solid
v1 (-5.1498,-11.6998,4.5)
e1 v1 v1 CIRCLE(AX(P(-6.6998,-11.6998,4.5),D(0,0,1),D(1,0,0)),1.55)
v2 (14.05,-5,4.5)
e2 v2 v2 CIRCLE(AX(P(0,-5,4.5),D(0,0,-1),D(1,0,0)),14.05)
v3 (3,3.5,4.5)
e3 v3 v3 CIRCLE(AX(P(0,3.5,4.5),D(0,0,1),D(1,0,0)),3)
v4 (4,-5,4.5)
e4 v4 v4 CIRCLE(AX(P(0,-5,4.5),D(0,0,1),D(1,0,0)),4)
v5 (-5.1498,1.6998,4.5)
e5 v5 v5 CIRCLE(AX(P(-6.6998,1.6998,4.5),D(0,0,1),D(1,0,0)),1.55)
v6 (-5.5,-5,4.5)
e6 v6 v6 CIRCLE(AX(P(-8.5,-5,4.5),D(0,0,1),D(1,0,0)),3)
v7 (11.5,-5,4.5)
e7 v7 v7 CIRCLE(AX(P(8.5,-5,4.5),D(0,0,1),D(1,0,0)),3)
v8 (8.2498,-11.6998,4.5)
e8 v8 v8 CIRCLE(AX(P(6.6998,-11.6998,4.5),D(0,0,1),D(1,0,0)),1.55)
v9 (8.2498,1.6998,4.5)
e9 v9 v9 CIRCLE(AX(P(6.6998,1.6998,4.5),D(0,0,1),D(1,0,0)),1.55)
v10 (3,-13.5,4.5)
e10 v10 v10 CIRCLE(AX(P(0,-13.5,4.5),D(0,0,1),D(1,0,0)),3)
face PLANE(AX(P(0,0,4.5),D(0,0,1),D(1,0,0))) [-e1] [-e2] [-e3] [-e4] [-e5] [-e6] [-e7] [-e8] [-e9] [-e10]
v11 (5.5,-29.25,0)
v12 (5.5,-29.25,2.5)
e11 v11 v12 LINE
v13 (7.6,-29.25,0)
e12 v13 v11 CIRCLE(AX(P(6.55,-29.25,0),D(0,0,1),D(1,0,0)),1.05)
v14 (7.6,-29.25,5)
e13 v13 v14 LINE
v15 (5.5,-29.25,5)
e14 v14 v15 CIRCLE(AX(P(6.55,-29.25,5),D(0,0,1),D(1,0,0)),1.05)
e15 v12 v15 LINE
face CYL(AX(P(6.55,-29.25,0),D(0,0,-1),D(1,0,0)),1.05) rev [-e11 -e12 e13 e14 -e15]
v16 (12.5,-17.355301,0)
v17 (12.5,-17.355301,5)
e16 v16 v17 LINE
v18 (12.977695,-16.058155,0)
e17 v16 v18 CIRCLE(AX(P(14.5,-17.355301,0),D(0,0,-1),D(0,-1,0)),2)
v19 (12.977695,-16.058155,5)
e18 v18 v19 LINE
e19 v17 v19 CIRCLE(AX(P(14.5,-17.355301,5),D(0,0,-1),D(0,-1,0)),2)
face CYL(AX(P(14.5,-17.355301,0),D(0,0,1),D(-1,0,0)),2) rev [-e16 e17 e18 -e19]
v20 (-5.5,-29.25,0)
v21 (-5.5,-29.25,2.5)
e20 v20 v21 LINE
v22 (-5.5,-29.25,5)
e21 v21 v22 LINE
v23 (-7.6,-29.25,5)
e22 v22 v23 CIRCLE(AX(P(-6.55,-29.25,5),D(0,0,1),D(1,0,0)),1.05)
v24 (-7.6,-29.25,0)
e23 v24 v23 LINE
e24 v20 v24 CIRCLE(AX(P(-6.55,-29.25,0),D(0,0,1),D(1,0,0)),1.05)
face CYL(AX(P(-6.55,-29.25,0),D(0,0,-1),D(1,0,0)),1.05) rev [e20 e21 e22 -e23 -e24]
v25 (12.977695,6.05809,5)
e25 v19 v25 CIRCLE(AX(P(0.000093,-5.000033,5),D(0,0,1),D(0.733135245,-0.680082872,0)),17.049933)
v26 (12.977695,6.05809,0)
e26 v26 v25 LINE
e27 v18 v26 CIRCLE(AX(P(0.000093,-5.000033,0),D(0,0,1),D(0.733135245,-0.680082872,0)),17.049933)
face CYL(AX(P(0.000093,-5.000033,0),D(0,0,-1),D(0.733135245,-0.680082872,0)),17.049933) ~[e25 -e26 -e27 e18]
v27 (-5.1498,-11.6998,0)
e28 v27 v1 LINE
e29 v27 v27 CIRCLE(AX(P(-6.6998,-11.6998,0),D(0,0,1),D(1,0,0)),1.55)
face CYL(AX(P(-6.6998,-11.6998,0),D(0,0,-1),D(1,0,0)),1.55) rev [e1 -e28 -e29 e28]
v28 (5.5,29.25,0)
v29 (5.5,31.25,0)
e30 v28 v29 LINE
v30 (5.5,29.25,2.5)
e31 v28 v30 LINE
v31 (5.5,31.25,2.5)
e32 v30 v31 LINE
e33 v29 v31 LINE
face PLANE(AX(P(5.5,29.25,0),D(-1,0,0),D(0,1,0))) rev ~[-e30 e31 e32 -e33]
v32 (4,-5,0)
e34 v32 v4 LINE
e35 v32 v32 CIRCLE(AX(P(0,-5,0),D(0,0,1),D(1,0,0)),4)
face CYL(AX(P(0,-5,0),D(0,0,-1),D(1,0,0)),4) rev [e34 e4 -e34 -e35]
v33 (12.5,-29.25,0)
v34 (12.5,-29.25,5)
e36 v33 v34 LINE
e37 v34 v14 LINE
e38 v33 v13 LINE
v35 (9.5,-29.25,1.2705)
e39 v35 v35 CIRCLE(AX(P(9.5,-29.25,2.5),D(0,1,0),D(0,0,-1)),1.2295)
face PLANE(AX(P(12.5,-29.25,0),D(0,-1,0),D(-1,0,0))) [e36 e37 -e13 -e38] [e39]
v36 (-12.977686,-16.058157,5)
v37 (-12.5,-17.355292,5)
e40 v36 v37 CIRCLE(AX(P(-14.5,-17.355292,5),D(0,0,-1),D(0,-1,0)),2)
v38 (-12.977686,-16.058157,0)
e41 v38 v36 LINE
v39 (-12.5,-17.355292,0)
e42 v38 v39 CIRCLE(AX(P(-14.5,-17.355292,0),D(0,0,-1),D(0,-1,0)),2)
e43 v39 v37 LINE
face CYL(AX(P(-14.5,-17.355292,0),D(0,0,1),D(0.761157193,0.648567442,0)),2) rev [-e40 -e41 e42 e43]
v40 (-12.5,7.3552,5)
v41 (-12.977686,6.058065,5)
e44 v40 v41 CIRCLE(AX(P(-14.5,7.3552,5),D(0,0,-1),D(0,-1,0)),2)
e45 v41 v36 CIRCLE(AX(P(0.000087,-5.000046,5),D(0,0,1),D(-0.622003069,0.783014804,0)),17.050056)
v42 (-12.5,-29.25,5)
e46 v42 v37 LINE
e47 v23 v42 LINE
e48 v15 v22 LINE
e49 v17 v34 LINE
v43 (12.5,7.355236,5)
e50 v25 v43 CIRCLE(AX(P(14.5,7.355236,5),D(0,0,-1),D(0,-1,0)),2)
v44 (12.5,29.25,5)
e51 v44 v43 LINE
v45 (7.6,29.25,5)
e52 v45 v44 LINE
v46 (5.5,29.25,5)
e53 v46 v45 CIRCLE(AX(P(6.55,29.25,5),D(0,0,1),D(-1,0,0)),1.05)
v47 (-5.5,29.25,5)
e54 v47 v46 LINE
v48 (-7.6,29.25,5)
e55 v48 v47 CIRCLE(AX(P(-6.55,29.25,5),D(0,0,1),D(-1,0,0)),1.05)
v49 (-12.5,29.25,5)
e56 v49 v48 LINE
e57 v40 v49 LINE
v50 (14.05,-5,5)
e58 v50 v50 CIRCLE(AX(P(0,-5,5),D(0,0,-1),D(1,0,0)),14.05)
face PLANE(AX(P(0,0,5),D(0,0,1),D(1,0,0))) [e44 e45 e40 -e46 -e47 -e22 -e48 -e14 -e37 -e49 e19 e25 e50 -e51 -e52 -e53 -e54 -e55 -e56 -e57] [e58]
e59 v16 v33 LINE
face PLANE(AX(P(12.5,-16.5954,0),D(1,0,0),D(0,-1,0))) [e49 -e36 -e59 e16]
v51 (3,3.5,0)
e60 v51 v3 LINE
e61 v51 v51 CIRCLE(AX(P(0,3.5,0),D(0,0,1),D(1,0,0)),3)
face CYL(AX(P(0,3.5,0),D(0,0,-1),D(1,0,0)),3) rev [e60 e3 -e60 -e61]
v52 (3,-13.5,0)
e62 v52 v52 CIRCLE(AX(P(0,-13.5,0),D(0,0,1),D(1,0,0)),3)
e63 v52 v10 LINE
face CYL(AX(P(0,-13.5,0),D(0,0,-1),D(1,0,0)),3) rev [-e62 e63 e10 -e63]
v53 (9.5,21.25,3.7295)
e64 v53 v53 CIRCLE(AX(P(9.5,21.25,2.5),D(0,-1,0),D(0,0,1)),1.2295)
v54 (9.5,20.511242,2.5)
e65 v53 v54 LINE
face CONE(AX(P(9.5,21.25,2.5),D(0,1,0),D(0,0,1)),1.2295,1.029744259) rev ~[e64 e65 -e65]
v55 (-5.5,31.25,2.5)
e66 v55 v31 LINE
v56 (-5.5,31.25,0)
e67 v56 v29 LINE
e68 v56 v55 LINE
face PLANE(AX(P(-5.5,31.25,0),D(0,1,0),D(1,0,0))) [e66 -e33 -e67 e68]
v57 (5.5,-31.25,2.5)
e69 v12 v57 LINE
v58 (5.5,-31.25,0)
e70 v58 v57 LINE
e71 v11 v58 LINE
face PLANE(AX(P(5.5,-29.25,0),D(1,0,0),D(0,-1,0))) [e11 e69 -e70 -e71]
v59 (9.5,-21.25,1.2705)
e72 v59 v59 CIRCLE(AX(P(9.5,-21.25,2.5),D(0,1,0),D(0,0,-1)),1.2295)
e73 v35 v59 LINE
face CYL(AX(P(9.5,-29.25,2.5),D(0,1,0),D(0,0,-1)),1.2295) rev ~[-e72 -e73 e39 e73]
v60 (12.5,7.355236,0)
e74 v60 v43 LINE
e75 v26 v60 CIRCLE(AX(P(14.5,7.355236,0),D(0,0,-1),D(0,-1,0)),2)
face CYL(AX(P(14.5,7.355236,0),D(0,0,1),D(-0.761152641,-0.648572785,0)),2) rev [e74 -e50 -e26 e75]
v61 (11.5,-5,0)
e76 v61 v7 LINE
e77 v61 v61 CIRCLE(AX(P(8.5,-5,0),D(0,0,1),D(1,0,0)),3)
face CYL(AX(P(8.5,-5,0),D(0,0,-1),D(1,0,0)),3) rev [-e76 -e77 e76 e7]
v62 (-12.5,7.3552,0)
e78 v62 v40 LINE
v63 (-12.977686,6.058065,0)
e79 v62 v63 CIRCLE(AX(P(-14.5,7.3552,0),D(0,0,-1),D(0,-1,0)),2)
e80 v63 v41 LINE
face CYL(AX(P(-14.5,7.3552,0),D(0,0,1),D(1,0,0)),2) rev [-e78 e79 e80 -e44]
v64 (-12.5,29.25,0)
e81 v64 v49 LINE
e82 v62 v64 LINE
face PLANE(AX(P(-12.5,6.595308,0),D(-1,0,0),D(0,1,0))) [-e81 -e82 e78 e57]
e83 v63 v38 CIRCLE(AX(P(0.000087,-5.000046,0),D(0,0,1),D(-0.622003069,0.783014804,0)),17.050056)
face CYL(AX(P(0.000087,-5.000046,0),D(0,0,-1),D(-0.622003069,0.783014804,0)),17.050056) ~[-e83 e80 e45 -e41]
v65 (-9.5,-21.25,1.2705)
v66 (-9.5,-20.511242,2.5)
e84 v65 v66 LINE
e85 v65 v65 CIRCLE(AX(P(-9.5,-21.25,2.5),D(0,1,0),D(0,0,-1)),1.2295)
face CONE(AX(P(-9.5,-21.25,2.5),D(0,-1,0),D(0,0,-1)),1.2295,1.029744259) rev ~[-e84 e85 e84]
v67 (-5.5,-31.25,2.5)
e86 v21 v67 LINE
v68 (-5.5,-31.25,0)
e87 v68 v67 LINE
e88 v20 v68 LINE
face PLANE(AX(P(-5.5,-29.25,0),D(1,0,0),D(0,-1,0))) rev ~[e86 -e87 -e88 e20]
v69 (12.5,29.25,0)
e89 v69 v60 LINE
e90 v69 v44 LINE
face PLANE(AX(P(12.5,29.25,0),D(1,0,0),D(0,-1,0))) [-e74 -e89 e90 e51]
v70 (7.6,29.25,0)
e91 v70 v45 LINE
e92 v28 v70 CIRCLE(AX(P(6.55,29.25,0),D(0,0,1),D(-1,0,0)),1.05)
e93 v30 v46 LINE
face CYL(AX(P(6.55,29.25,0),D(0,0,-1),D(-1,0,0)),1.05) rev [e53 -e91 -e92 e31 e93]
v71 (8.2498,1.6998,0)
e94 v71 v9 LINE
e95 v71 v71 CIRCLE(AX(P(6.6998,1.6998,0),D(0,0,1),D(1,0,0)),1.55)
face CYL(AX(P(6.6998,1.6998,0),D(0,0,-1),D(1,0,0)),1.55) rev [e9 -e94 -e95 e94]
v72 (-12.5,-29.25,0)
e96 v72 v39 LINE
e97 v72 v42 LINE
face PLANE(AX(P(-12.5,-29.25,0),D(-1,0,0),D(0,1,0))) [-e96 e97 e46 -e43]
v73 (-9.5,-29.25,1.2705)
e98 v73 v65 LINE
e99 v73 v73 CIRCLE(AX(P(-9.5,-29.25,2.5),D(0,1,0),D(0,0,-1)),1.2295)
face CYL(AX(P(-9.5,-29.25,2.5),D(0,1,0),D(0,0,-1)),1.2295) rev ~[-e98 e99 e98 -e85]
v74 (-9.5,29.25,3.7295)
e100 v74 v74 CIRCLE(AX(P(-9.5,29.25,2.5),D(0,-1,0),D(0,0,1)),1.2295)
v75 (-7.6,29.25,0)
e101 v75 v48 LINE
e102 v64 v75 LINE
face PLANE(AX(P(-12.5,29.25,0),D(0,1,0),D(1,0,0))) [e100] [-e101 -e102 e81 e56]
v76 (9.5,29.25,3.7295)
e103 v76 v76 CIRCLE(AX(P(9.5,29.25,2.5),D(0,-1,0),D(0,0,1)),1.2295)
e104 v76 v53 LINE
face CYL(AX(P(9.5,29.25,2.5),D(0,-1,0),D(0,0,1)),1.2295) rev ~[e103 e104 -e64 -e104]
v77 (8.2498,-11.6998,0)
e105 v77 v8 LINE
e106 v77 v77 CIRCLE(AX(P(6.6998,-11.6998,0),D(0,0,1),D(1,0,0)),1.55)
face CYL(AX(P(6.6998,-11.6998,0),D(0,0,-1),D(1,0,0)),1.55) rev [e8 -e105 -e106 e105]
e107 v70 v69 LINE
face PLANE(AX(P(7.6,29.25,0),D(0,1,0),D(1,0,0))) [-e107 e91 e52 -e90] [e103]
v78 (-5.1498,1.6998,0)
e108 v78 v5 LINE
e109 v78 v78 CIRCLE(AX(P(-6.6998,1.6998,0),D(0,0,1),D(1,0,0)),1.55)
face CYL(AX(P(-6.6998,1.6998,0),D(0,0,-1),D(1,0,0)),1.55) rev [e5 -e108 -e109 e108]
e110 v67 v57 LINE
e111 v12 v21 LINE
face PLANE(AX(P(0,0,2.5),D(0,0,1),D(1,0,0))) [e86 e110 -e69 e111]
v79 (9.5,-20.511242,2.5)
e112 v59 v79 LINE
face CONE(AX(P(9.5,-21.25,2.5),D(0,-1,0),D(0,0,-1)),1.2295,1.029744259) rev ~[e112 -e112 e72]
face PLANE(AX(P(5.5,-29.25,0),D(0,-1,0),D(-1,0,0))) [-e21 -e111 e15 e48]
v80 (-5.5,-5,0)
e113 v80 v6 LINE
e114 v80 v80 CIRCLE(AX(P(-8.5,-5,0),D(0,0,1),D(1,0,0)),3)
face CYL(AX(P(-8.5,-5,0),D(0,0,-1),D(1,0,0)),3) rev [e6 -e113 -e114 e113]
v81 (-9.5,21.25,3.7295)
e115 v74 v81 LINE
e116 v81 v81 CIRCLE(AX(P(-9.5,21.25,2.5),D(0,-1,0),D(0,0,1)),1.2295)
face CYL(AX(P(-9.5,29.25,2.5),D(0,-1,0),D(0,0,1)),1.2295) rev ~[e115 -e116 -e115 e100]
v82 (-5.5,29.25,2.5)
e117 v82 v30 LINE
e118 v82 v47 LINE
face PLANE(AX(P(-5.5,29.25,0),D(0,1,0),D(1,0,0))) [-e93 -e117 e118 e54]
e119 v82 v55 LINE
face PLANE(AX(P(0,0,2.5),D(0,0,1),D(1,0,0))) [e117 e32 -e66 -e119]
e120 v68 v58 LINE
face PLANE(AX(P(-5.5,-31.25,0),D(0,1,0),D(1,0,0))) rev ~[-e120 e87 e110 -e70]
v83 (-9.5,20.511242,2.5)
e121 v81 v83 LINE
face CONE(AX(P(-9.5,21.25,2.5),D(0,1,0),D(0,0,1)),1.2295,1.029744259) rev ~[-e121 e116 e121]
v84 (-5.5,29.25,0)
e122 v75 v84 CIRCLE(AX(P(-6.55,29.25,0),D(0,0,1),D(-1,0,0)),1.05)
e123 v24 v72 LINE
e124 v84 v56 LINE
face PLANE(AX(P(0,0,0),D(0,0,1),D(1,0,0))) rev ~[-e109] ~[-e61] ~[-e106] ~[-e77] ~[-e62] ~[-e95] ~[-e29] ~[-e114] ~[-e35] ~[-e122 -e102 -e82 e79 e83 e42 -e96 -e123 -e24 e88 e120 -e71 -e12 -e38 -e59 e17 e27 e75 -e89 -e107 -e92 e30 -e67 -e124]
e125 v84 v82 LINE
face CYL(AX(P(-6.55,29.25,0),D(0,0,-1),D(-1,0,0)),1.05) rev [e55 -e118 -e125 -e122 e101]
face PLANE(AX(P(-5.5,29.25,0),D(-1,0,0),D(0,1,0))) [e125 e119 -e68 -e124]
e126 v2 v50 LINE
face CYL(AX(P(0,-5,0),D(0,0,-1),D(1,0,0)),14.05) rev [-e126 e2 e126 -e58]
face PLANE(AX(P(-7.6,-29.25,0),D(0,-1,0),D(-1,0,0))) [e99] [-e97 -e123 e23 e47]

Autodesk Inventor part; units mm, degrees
ref_plane "YZ Plane" through (0, 0, 0) normal (1, 0, 0) x (0, 1, 0)
ref_plane "XZ Plane" through (0, 0, 0) normal (0, 1, 0) x (-1, 0, 0)
ref_plane "XY Plane" through (0, 0, 0) normal (0, 0, 1) x (1, 0, 0)
sketch "スケッチ1" plane through (0, 0, 0) normal (0, 0, 1) x (1, 0, 0)
  line L0 (-12.5, 29.25) -> (12.5, 29.25)
  line L1 (12.5, 29.25) -> (12.5, -29.25)
  line L2 (12.5, -29.25) -> (-12.5, -29.25)
  line L3 (-12.5, -29.25) -> (-12.5, 29.25)
  line L4 (-12.5, 29.25) -> (12.5, -29.25) construction
  line L5 (12.5, 29.25) -> (-12.5, -29.25) construction
  line L6 (-5.5, 29.25) -> (-5.5, 31.25)
  line L7 (-5.5, 31.25) -> (5.5, 31.25)
  line L8 (0, 29.25) -> (0, -29.25) construction
  line L9 (5.5, 29.25) -> (5.5, 31.25)
  arc A0 (-7.6, 29.25) -> (-5.5, 29.25) centre (-6.55, 29.25) ccw
  arc A1 (5.5, 29.25) -> (7.6, 29.25) centre (6.55, 29.25) ccw
  line L10 (-12.5, 0) -> (12.5, 0) construction
  line L11 (-5.5, -29.25) -> (-5.5, -31.25)
  line L12 (-5.5, -31.25) -> (5.5, -31.25)
  line L13 (5.5, -29.25) -> (5.5, -31.25)
  arc A2 (-5.5, -29.25) -> (-7.6, -29.25) centre (-6.55, -29.25) ccw
  arc A3 (7.6, -29.25) -> (5.5, -29.25) centre (6.55, -29.25) ccw
  circle A4 centre (0, -5) radius 13.95 construction
  circle A5 centre (0, -5) radius 14.05
  circle A6 centre (-6.6998, -11.6998) radius 1.55
  line L14 (-9.9349, -14.9349) -> (0, -5) construction
  circle A7 centre (6.6998, -11.6998) radius 1.55
  circle A8 centre (6.6998, 1.6998) radius 1.55
  circle A9 centre (-6.6998, 1.6998) radius 1.55
  circle A10 centre (0, -5) radius 4
  circle A11 centre (0, -13.5) radius 3
  circle A12 centre (8.5, -5) radius 3
  circle A13 centre (0, 3.5) radius 3
  circle A14 centre (-8.5, -5) radius 3
  arc A15 (-10.6051, 8.3504) -> (-12.5, -16.5954) centre (0, -5) ccw
  arc A16 (12.5, -16.5954) -> (10.6051, 8.3504) centre (0, -5) ccw
  point P0 (0, 0)
  point P1 (-5.5, -29.25)
  point P2 (5.5, -29.25)
  point P3 (7.6, 29.25)
  point P4 (5.5, -29.25)
  point P5 (-5.5, -29.25)
  point P6 (-12.5, 1.415)
  point P7 (12.5, 1.415)
  point P8 (12.5, -11.415)
  point P9 (-12.5, -11.415)
  point P10 (12.5, -16.5954)
  point P11 (12.5, 6.5954)
  point P12 (-12.5, 6.5954)
  dimension "d0" = 25
  dimension "d1" = 58.5
  dimension "d2" = 11
  dimension "d3" = 2
  dimension "d4" = 1.05
  dimension "d13" = 27.9
  dimension "d17" = 24.25
  dimension "d44" = 0.1
  dimension "d48" = 3.1
  dimension "d49" = 45
  dimension "d50" = 9.475
  dimension "d53" = 360
  dimension "d55" = 8
  dimension "d56" = 6
  dimension "d57" = 8.5
  dimension "d60" = 360
  dimension "d64" = 3
extrude "押し出し1" add sketch "スケッチ1" along normal blind 5 contours L0 A0 A1 L1 A5 L3 | L3 A5 A15 | L3 A5 L1 L2 A3 A2 | L1 A16 A5
extrude "押し出し2" add sketch "スケッチ1" along normal blind 2.5 contours L6 L7 L9 L0 | L2 L13 L12 L11
sketch "スケッチ2" plane through (-12.5, -29.25, 0) normal (0, -1, 0) x (1, 0, 0)
  line L0 (0, 0) -> (4.9, 0) projected
  line L1 (12.5, 5) -> (12.5, 0) construction
  line L2 (0, 0) -> (25, 0) projected
  line L3 (0, 5) -> (25, 5) projected
  point P0 (3, 2.5)
  point P1 (22, 2.5)
  point P2 (20.1, 0)
  point P3 (7, 5)
  point P4 (18, 5)
  point P5 (7, 0)
  dimension "d26" = 2.5
  dimension "d27" = 19
hole "穴1" at (-9.5, -29.25, 2.5) at (9.5, -29.25, 2.5) direction (0, 1, 0) diameter 2.459 depth 8 tip angle 118 thread size "M3x0.5" class "6H" standard "ISO Metric profile"
sketch "スケッチ3" plane through (-12.5, 29.25, 0) normal (0, 1, 0) x (1, 0, 0)
  circle A0 centre (22, -2.5) radius 1.2295 projected
  circle A1 centre (3, -2.5) radius 1.2295 projected
  point P0 (12.5, 0)
hole "穴2" at (9.5, 29.25, 2.5) at (-9.5, 29.25, 2.5) direction (0, -1, 0) diameter 2.459 depth 8 tip angle 118 thread size "M3x0.5" class "6H" standard "ISO Metric profile"
extrude "押し出し3" add sketch "スケッチ1" along normal blind 4.5 contours A5 L1 L3 | L3 A5 | A5 L1
fillet "フィレット3" radius 2 4 edges at (-12.5, -16.5954, 2.5) (-12.5, 6.5954, 2.5) (12.5, 6.5954, 2.5) (12.5, -16.5954, 2.5)
properties part number "Leg_joint_basis_frame" material "アルミニウム 2014-T4"
